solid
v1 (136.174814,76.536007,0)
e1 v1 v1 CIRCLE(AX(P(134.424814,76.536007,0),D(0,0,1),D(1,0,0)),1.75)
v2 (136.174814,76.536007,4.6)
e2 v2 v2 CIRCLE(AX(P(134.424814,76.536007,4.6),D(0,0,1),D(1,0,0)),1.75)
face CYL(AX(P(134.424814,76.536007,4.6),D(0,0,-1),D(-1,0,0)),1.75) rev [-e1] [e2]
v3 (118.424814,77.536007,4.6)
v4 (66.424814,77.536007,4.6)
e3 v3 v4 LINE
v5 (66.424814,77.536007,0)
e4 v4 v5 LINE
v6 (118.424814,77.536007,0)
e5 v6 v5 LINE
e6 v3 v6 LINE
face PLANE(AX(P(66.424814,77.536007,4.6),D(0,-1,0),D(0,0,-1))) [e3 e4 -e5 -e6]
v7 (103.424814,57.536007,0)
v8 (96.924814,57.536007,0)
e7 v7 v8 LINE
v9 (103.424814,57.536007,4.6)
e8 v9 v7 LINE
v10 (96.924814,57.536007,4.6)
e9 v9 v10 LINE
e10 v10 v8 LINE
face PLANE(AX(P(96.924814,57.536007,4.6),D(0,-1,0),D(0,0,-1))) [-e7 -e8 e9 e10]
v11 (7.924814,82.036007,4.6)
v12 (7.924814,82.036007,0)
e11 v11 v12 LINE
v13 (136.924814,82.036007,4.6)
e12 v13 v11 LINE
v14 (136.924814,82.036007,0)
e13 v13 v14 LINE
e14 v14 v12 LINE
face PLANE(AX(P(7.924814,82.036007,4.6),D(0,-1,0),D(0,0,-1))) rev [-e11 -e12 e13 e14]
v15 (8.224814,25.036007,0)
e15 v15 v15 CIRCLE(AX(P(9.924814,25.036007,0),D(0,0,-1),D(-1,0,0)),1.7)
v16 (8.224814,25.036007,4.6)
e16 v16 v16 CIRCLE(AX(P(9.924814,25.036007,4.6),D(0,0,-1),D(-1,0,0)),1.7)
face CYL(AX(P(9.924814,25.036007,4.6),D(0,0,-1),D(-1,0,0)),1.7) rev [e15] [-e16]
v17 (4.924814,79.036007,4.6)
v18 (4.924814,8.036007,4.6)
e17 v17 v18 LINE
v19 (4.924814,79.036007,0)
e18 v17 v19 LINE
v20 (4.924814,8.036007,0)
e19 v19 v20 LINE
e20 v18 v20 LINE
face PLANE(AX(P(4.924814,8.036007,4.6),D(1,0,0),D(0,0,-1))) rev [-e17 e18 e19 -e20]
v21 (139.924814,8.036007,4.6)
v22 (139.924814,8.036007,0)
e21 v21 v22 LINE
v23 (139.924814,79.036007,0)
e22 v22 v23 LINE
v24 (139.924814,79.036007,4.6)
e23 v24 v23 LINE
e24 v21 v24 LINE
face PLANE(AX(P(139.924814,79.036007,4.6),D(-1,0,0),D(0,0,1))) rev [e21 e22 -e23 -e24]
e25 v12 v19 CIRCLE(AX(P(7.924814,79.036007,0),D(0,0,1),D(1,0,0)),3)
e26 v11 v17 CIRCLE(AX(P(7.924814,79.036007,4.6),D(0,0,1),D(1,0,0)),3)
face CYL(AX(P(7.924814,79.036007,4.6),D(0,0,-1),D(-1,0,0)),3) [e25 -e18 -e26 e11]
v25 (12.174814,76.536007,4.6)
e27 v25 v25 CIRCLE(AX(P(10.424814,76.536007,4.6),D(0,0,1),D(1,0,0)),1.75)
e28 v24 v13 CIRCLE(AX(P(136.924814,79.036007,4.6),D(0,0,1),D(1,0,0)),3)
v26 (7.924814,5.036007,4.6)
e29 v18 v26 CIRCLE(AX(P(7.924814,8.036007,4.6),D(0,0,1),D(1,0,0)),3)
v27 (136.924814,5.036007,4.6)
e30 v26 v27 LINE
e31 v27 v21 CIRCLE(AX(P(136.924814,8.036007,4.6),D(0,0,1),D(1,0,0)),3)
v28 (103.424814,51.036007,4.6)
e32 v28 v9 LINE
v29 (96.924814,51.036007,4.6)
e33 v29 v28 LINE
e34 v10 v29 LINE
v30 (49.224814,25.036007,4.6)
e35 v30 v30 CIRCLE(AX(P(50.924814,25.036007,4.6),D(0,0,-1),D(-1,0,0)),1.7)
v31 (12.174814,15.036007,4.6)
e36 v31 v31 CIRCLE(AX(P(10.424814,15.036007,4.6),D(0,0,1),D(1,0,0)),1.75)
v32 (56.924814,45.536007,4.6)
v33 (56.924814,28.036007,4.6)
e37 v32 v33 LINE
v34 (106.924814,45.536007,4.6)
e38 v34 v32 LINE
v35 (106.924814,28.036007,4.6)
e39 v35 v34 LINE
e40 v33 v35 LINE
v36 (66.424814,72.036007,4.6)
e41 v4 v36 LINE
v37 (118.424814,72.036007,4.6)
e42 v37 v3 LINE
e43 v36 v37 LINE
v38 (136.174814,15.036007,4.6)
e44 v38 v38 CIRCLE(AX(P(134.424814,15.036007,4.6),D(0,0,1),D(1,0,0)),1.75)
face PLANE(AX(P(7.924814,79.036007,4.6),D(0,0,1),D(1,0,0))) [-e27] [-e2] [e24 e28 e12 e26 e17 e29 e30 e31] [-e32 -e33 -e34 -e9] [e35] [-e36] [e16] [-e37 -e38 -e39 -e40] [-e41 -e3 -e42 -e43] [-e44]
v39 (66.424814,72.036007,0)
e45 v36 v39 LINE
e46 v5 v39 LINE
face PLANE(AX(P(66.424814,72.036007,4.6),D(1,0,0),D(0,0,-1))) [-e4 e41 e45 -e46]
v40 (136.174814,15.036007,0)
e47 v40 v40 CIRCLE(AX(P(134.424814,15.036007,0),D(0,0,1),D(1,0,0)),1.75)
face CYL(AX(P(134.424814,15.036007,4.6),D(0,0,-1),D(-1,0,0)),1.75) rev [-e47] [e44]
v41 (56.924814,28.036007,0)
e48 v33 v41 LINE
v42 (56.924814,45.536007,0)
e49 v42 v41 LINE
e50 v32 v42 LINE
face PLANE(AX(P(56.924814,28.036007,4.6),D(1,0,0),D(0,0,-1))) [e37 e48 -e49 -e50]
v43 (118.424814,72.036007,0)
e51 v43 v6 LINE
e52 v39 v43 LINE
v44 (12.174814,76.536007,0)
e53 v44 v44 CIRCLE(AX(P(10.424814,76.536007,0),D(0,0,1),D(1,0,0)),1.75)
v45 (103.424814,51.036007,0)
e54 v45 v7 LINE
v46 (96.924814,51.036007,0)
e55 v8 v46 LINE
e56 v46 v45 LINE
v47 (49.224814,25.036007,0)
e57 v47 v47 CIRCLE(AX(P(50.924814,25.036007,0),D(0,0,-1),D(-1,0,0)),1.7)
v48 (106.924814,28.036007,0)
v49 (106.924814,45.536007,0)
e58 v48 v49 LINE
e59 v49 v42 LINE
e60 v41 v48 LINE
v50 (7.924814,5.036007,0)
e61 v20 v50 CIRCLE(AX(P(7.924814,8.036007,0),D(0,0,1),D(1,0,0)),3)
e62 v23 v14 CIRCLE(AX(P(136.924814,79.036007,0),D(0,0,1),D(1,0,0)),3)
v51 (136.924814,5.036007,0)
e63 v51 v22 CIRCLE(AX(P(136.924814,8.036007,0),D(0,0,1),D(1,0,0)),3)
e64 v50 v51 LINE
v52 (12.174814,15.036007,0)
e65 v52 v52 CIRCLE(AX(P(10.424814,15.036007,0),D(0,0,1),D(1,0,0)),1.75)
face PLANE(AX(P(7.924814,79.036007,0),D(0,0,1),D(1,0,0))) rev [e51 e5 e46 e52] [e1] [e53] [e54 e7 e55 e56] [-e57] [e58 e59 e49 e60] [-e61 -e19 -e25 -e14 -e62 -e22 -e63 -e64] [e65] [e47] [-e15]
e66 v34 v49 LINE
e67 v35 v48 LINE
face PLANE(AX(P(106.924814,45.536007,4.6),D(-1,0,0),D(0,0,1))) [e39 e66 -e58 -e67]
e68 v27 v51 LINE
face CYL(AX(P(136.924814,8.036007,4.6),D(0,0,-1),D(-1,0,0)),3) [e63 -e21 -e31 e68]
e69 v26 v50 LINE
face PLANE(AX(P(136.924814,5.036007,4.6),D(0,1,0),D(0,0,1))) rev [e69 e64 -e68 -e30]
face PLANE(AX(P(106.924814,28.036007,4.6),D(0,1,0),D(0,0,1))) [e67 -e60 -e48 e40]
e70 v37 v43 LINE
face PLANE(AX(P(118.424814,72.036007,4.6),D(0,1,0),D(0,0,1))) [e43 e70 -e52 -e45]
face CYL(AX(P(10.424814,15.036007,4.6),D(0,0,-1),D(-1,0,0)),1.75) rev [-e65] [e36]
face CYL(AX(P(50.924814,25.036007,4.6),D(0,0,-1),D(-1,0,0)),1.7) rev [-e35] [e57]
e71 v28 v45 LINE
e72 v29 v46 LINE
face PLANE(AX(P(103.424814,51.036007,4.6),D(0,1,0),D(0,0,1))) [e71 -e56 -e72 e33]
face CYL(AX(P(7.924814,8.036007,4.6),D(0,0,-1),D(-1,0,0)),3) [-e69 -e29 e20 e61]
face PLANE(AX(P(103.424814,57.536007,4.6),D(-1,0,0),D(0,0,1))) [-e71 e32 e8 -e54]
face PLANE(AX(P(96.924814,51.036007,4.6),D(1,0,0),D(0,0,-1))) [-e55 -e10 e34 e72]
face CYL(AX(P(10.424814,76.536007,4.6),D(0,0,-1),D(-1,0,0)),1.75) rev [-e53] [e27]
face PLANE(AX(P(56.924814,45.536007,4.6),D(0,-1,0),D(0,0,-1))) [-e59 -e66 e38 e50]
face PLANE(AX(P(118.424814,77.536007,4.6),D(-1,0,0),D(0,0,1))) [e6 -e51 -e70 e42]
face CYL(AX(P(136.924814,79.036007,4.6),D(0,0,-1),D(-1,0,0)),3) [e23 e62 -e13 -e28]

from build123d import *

# Parameters (mm, degrees)
SKETCH1_R          = 1.75
SKETCH1_W          = 52
SKETCH1_H          = 5.5
SKETCH1_W_2        = 50
SKETCH1_H_2        = 17.5
SKETCH1_W_3        = 6.5
SKETCH1_H_3        = 6.5
EXTRUDE1_DEPTH     = 4.6
SKETCH2_R          = 1.7
CUT_EXTRUDE1_DEPTH = 163.26527615


with BuildPart() as part:
    # Sketch1 → Extrude1 (new body)
    with BuildSketch(Plane.XY):
        with BuildLine():
            Line((7.924813653, 82.036006536), (136.924813653, 82.036006536))
            ThreePointArc((136.924813653, 82.036006536), (139.046133996, 81.15732688), (139.924813653, 79.036006536))
            Line((139.924813653, 79.036006536), (139.924813653, 8.036006536))
            ThreePointArc((139.924813653, 8.036006536), (139.046133996, 5.914686193), (136.924813653, 5.036006536))
            Line((136.924813653, 5.036006536), (7.924813653, 5.036006536))
            ThreePointArc((7.924813653, 5.036006536), (5.803493309, 5.914686193), (4.924813653, 8.036006536))
            Line((4.924813653, 8.036006536), (4.924813653, 79.036006536))
            ThreePointArc((4.924813653, 79.036006536), (5.803493309, 81.15732688), (7.924813653, 82.036006536))
        make_face()
        with Locations((134.424813653, 76.536006536)):
            Circle(SKETCH1_R, mode=Mode.SUBTRACT)
        with Locations((10.424813653, 76.536006536)):
            Circle(SKETCH1_R, mode=Mode.SUBTRACT)
        with Locations((10.424813653, 15.036006536)):
            Circle(SKETCH1_R, mode=Mode.SUBTRACT)
        with Locations((134.424813653, 15.036006536)):
            Circle(SKETCH1_R, mode=Mode.SUBTRACT)
        with Locations((92.424813653, 74.786006536)):
            Rectangle(SKETCH1_W, SKETCH1_H, mode=Mode.SUBTRACT)
        with Locations((81.924813653, 36.786006536)):
            Rectangle(SKETCH1_W_2, SKETCH1_H_2, mode=Mode.SUBTRACT)
        with Locations((100.174813653, 54.286006536)):
            Rectangle(SKETCH1_W_3, SKETCH1_H_3, mode=Mode.SUBTRACT)
    extrude(amount=EXTRUDE1_DEPTH)

    # Sketch2 → Cut-Extrude1 (cut, through all)
    with BuildSketch(Plane(origin=(0, 0, 0), x_dir=(-1, 0, 0), z_dir=(0, 0, -1))):
        with Locations((-50.924813653, 25.036006536)):
            Circle(SKETCH2_R)
        with Locations((-9.924813653, 25.036006536)):
            Circle(SKETCH2_R)
    extrude(amount=-CUT_EXTRUDE1_DEPTH, mode=Mode.SUBTRACT)


solid = part.part
